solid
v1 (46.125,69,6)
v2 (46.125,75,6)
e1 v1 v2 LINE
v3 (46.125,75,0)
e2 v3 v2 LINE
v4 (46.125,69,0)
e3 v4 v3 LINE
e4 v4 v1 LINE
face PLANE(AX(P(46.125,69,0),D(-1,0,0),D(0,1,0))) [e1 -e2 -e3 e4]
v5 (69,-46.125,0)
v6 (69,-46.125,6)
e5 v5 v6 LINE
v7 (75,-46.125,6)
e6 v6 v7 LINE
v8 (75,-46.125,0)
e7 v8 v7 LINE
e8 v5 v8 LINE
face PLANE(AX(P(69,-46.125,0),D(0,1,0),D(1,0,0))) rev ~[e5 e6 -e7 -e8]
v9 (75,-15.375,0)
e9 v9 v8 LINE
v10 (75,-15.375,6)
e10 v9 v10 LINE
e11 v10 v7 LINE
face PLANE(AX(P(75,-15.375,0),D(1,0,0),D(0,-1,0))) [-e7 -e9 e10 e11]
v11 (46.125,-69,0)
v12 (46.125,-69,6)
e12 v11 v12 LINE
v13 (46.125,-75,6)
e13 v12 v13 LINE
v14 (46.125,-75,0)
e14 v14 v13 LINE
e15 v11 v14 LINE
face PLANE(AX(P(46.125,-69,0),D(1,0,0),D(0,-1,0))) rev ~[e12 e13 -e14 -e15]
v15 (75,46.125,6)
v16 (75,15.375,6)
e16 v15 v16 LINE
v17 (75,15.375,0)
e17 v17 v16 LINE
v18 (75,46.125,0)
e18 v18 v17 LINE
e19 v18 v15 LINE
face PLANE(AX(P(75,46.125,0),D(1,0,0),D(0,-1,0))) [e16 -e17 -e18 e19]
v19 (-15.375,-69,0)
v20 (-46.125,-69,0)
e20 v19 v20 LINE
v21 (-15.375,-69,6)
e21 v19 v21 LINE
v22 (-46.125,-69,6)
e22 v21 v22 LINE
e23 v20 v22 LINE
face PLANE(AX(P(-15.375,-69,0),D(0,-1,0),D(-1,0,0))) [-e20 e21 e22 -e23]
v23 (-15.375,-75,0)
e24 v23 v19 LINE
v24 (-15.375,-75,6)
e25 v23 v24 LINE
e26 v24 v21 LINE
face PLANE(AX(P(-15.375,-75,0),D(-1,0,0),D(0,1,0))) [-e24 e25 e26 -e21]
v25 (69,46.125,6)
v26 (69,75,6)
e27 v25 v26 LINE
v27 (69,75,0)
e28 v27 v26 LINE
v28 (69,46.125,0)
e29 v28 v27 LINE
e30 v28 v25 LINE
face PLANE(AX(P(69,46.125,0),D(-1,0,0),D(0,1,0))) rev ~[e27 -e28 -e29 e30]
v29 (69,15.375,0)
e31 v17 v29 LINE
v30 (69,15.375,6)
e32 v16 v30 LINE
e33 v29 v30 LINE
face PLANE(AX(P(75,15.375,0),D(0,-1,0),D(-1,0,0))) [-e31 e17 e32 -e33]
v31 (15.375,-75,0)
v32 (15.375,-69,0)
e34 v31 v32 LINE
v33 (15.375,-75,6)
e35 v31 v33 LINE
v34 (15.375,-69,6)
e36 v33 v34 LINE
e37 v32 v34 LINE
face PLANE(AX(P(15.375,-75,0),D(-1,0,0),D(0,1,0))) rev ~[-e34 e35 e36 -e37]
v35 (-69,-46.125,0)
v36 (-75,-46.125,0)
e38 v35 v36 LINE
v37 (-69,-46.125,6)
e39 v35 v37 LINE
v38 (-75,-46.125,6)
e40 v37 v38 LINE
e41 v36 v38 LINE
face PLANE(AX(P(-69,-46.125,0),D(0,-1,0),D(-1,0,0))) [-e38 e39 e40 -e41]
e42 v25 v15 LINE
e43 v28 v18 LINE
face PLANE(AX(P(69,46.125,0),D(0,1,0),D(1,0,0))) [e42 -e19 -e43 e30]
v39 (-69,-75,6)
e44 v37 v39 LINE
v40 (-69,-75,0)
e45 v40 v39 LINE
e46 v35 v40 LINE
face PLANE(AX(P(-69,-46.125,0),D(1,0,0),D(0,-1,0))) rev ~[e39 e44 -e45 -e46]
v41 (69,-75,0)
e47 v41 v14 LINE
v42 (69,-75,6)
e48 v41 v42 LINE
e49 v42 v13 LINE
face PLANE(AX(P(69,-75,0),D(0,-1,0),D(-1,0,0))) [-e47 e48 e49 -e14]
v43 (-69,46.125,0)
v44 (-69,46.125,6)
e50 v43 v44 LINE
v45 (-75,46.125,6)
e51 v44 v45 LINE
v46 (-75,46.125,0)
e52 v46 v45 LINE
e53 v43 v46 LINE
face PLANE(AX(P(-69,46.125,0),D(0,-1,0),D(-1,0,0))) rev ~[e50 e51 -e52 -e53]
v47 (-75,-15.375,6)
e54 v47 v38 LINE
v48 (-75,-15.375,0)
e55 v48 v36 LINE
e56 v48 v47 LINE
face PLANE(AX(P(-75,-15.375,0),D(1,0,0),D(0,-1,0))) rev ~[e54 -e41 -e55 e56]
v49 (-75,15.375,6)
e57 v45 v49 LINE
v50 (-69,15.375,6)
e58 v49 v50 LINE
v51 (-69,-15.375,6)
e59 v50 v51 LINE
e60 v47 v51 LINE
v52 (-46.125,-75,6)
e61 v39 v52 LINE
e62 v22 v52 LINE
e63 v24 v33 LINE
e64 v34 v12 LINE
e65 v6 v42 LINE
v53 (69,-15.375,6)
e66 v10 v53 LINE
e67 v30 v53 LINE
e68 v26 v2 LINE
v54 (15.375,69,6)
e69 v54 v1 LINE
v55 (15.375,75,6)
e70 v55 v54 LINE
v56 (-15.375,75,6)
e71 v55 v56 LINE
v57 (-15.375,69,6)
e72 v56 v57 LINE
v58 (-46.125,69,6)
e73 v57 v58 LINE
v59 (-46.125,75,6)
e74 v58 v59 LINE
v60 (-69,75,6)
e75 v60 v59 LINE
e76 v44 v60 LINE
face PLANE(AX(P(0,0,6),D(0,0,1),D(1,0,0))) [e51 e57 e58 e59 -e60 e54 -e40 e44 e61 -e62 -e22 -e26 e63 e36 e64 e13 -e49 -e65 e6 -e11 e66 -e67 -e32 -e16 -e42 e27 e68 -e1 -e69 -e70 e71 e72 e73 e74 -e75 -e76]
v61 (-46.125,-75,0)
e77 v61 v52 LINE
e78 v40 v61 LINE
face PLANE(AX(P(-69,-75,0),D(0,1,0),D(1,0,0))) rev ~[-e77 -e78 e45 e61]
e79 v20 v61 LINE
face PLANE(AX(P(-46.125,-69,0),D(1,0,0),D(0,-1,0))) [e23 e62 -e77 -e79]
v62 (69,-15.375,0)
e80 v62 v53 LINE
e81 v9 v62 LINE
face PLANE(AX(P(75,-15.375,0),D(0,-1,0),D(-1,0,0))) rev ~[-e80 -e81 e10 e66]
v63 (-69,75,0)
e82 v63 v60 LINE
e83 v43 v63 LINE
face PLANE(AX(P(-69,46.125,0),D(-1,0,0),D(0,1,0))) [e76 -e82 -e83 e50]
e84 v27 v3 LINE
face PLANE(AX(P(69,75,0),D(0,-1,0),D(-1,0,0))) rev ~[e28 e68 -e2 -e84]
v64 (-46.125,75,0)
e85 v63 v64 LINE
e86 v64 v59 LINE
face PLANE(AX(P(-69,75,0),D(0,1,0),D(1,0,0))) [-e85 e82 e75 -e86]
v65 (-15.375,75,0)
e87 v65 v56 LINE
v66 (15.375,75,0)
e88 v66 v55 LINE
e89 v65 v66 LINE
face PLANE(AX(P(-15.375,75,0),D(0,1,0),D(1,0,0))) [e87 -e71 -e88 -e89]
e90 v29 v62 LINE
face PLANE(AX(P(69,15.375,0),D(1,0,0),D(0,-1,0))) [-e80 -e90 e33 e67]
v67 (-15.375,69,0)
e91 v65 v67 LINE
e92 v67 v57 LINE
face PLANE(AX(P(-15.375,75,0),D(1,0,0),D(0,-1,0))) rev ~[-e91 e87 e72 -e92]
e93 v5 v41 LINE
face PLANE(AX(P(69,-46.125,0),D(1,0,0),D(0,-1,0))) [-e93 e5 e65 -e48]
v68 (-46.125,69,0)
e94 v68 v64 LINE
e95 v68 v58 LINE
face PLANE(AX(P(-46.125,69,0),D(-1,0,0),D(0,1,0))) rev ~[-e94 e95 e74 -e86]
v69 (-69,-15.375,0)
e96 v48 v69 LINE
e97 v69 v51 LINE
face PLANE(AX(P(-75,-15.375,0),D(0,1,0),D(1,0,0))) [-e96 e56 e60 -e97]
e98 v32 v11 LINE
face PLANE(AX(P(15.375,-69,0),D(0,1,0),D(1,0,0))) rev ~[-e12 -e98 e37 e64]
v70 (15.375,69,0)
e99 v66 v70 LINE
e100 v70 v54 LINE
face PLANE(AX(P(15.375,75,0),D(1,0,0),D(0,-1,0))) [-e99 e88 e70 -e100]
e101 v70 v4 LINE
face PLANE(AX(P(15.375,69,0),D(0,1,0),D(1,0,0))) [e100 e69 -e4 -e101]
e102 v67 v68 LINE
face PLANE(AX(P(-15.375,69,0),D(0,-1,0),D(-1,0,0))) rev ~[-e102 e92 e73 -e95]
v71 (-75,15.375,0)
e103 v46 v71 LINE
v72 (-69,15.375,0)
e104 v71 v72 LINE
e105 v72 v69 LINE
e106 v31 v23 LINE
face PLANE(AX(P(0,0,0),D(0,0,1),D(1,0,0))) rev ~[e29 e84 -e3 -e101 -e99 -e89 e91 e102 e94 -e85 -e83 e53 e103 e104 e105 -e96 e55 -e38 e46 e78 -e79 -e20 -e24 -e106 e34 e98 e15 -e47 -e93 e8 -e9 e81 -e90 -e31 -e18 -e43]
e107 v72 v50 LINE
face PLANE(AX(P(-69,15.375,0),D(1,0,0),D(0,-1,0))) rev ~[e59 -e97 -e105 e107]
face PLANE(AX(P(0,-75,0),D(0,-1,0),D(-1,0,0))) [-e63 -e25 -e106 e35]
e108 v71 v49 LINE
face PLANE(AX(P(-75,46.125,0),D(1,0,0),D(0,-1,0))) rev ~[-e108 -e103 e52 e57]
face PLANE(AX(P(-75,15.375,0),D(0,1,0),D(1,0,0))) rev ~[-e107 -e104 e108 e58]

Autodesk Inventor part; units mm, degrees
ref_plane "YZ Plane" through (0, 0, 0) normal (1, 0, 0) x (0, 1, 0)
ref_plane "XZ Plane" through (0, 0, 0) normal (0, 1, 0) x (-1, 0, 0)
ref_plane "XY Plane" through (0, 0, 0) normal (0, 0, 1) x (1, 0, 0)
sketch "Sketch1" plane through (0, 0, 0) normal (0, 0, 1) x (1, 0, 0)
  line L0 (-69, -75) -> (-46.125, -75)
  line L1 (-46.125, -69) -> (-46.125, -75)
  line L2 (-15.375, -69) -> (-46.125, -69)
  line L3 (-15.375, -75) -> (-15.375, -69)
  line L4 (-46.125, 69) -> (-46.125, 75)
  line L5 (-15.375, 69) -> (-46.125, 69)
  line L6 (-15.375, 75) -> (-15.375, 69)
  line L7 (-75, -15.375) -> (-69, -15.375)
  line L8 (-69, -46.125) -> (-75, -46.125)
  line L9 (-69, 46.125) -> (-75, 46.125)
  line L10 (-75, 15.375) -> (-69, 15.375)
  line L11 (0, -75) -> (-15.375, -75)
  line L12 (-46.125, -75) -> (-69, -75)
  line L13 (-69, 75) -> (-46.125, 75)
  line L14 (-15.375, 75) -> (0, 75)
  line L15 (-69, 46.125) -> (-69, 75)
  line L16 (-75, 46.125) -> (-75, 15.375)
  line L17 (-69, 15.375) -> (-69, -15.375)
  line L18 (-75, -15.375) -> (-75, -46.125)
  line L19 (-69, -46.125) -> (-69, -75)
  line L20 (0, 0) -> (0, 15.375)
  line L21 (0, 75) -> (0, -75)
  line L22 (69, -75) -> (46.125, -75)
  line L23 (46.125, -69) -> (46.125, -75)
  line L24 (15.375, -69) -> (46.125, -69)
  line L25 (15.375, -75) -> (15.375, -69)
  line L26 (46.125, 69) -> (46.125, 75)
  line L27 (15.375, 69) -> (46.125, 69)
  line L28 (15.375, 75) -> (15.375, 69)
  line L29 (75, -15.375) -> (69, -15.375)
  line L30 (69, -46.125) -> (75, -46.125)
  line L31 (69, 46.125) -> (75, 46.125)
  line L32 (75, 15.375) -> (69, 15.375)
  line L33 (0, -75) -> (15.375, -75)
  line L34 (46.125, -75) -> (69, -75)
  line L35 (69, 75) -> (46.125, 75)
  line L36 (15.375, 75) -> (0, 75)
  line L37 (69, 46.125) -> (69, 75)
  line L38 (75, 46.125) -> (75, 15.375)
  line L39 (69, 15.375) -> (69, -15.375)
  line L40 (75, -15.375) -> (75, -46.125)
  line L41 (69, -46.125) -> (69, -75)
extrude "Extrusion1" add sketch "Sketch1" along normal blind 6
properties part number "Rightandleft_2"
